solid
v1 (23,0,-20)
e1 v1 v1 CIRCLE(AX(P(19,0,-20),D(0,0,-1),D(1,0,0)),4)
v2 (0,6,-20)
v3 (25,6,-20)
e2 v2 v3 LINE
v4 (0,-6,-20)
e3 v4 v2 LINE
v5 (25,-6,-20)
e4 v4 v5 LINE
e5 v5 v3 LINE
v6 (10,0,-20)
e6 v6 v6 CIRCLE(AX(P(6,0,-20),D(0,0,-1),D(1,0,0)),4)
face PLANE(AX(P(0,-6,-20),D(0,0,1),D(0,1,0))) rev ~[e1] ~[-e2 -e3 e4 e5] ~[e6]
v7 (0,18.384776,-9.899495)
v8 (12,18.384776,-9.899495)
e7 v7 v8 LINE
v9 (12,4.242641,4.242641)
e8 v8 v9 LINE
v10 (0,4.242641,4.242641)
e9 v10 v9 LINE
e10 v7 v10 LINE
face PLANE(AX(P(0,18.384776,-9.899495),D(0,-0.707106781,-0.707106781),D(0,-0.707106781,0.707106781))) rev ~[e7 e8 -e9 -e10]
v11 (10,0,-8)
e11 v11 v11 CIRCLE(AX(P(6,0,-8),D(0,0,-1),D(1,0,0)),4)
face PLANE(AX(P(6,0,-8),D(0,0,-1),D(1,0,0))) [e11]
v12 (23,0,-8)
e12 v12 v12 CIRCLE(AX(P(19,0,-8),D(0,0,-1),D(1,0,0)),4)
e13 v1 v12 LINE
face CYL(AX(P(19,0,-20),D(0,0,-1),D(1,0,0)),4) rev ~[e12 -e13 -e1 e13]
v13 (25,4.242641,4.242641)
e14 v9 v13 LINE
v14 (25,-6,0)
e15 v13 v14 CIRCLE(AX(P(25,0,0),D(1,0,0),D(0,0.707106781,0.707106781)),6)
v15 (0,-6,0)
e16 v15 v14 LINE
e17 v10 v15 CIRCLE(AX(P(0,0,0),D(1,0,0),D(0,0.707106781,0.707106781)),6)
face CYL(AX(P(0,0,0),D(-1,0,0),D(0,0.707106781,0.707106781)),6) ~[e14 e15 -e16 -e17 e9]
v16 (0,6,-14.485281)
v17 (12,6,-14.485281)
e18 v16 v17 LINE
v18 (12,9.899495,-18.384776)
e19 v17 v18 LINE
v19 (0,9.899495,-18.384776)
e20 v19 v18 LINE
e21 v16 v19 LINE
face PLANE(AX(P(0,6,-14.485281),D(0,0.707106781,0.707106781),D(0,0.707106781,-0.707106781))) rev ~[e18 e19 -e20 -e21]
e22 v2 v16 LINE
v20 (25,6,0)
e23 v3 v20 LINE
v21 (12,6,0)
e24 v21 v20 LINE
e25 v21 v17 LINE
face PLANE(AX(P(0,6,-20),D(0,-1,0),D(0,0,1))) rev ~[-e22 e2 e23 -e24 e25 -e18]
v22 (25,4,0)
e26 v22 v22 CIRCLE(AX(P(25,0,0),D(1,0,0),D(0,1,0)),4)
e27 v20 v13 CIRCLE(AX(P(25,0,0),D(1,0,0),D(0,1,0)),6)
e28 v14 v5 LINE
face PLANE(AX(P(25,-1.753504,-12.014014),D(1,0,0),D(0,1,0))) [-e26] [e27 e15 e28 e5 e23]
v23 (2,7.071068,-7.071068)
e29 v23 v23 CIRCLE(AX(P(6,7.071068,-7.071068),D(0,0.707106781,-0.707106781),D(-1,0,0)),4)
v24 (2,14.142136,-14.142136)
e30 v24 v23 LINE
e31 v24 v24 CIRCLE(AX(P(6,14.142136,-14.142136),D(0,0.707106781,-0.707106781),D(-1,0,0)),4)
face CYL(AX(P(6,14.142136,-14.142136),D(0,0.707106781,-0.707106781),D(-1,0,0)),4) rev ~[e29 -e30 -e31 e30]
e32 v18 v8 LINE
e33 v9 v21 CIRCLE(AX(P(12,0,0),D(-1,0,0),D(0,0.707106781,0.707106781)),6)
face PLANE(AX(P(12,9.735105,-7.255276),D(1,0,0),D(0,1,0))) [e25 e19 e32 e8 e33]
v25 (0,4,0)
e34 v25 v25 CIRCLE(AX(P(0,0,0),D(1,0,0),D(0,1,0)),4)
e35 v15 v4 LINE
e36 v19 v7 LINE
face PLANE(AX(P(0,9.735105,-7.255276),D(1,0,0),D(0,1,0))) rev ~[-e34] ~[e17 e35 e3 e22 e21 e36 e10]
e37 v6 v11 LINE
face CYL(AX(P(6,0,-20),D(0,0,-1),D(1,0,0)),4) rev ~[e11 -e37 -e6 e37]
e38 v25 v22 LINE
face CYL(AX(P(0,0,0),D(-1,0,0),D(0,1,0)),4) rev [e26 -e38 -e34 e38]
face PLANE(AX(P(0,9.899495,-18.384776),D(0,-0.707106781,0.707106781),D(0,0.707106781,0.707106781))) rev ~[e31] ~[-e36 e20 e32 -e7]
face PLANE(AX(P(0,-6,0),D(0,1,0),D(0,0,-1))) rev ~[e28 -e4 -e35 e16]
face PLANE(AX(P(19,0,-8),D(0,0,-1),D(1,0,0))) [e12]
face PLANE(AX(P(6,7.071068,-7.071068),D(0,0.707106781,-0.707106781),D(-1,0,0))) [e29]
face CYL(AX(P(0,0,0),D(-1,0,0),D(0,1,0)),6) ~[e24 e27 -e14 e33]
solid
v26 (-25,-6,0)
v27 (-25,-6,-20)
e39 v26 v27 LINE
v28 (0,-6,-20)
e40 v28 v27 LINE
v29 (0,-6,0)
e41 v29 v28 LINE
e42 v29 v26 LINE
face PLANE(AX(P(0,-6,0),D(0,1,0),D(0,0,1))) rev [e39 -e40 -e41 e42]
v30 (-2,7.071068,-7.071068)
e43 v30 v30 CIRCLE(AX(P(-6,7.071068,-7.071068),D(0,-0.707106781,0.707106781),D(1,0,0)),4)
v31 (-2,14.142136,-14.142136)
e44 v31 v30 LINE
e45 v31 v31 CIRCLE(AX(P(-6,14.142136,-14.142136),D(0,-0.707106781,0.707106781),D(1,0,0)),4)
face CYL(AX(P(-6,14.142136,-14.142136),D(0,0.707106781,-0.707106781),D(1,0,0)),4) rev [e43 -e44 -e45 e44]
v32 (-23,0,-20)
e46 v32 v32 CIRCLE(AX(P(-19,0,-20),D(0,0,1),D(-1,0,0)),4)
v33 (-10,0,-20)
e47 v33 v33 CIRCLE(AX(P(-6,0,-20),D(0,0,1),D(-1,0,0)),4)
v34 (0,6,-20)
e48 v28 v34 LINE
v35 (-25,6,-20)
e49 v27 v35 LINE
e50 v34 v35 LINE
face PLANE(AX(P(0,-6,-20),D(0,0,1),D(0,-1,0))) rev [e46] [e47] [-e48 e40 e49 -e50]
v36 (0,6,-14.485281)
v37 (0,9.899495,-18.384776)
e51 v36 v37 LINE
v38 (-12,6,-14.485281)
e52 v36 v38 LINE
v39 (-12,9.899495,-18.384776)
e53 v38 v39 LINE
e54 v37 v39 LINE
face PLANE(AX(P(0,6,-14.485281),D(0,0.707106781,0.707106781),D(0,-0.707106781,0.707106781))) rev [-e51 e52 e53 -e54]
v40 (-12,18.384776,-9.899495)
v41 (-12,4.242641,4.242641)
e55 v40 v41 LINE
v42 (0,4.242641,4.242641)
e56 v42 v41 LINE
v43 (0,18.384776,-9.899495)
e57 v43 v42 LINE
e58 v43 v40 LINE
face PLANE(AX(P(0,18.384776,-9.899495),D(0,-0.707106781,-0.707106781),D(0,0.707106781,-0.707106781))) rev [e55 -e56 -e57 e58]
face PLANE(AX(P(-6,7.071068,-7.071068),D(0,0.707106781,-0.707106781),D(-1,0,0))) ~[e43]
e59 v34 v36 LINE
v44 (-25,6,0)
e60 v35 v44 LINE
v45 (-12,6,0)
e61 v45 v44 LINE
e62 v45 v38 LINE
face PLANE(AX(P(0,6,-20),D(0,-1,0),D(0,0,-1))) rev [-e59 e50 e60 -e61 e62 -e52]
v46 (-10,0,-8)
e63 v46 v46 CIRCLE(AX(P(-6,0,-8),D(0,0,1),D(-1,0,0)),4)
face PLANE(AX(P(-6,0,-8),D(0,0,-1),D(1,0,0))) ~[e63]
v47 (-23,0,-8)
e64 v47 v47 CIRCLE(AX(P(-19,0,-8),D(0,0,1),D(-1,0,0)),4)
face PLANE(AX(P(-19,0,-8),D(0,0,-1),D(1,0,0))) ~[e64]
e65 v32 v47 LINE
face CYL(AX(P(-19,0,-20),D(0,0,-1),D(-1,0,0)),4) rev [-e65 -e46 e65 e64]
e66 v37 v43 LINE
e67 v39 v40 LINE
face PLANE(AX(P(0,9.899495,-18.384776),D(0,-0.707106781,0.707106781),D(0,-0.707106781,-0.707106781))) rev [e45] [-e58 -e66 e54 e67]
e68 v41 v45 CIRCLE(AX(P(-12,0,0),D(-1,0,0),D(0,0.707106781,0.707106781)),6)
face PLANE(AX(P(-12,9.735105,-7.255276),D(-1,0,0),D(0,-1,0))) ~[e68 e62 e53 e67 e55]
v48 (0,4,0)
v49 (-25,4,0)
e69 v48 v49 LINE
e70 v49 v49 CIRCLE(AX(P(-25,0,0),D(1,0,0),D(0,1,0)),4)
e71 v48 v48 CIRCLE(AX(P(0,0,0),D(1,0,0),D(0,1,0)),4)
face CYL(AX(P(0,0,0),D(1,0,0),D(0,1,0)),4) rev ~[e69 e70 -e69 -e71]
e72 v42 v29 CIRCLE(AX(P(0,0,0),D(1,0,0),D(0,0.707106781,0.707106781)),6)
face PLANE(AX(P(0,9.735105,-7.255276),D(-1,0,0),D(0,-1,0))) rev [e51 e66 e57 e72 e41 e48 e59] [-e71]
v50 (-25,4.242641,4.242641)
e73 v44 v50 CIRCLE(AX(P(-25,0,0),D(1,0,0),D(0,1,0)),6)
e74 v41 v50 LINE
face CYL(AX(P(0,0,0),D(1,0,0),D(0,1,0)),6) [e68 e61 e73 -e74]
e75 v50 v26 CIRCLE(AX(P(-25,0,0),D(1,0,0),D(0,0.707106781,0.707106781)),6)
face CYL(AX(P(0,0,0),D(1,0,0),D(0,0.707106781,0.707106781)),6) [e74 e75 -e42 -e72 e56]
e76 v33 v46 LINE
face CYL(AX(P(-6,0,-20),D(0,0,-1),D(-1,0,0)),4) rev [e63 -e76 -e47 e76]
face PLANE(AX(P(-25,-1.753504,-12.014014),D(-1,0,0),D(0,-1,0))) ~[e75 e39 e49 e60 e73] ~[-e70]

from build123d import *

# Parameters (mm, degrees)
F0_R     = 4
F1_DEPTH = 25
F2_DEPTH = 12
F3_R     = 4
F4_DEPTH = 12
F5_R     = 4
F6_DEPTH = 10


with BuildPart() as f1:
    # F0 (on Right) → F1 (new body)
    with BuildSketch(Plane.YZ):
        with BuildLine():
            Line((6, -14.4852813742), (-4.2426406871, -4.2426406871))
            ThreePointArc((-4.2426406871, -4.2426406871), (-5.5432771951, -2.2961005942), (-6, 0))
            Line((-6, 0), (-6, -20))
            Line((-6, -20), (6, -20))
            Line((6, -20), (6, -14.4852813742))
        make_face()
        with BuildLine():
            Line((6, -14.4852813742), (6, 0))
            ThreePointArc((6, 0), (2.2961005942, -5.5432771951), (-4.2426406871, -4.2426406871))
            Line((-4.2426406871, -4.2426406871), (6, -14.4852813742))
        make_face()
        with BuildLine():
            ThreePointArc((-4.2426406871, -4.2426406871), (2.2961005942, -5.5432771951), (6, 0))
            ThreePointArc((6, 0), (5.5432771951, 2.2961005942), (4.2426406871, 4.2426406871))
            ThreePointArc((4.2426406871, 4.2426406871), (-2.2961005942, 5.5432771951), (-6, 0))
            ThreePointArc((-6, 0), (-5.5432771951, -2.2961005942), (-4.2426406871, -4.2426406871))
        make_face()
        Circle(F0_R, mode=Mode.SUBTRACT)
    extrude(amount=F1_DEPTH)

    # F0 (on Right) → F2 (join)
    with BuildSketch(Plane.YZ):
        with BuildLine():
            ThreePointArc((4.2426406871, 4.2426406871), (5.5432771951, 2.2961005942), (6, 0))
            Line((6, 0), (6, -14.4852813742))
            Line((6, -14.4852813742), (9.8994949366, -18.3847763109))
            Line((9.8994949366, -18.3847763109), (18.3847763109, -9.8994949366))
            Line((18.3847763109, -9.8994949366), (4.2426406871, 4.2426406871))
        make_face()
    extrude(amount=F2_DEPTH)

    # F3 (on face) → F4 (cut)
    with BuildSketch(Plane(origin=(0, 0, -20), x_dir=(1, 0, 0), z_dir=(0, 0, -1))):
        with Locations((19, 0)):
            Circle(F3_R)
        with Locations((6, 0)):
            Circle(F3_R)
    extrude(amount=-F4_DEPTH, mode=Mode.SUBTRACT)

    # F5 (on face) → F6 (cut)
    with BuildSketch(Plane(origin=(0, 14.1421356237, -14.1421356237), x_dir=(-1, 0, 0), z_dir=(0, 0.7071067812, -0.7071067812))):
        with Locations((-6, 0)):
            Circle(F5_R)
    extrude(amount=-F6_DEPTH, mode=Mode.SUBTRACT)


with BuildPart() as f7_1:
    # F7: instance of F1
    add(f1.part.mirror(Plane.YZ))


solid = Compound([f1.part, f7_1.part])
